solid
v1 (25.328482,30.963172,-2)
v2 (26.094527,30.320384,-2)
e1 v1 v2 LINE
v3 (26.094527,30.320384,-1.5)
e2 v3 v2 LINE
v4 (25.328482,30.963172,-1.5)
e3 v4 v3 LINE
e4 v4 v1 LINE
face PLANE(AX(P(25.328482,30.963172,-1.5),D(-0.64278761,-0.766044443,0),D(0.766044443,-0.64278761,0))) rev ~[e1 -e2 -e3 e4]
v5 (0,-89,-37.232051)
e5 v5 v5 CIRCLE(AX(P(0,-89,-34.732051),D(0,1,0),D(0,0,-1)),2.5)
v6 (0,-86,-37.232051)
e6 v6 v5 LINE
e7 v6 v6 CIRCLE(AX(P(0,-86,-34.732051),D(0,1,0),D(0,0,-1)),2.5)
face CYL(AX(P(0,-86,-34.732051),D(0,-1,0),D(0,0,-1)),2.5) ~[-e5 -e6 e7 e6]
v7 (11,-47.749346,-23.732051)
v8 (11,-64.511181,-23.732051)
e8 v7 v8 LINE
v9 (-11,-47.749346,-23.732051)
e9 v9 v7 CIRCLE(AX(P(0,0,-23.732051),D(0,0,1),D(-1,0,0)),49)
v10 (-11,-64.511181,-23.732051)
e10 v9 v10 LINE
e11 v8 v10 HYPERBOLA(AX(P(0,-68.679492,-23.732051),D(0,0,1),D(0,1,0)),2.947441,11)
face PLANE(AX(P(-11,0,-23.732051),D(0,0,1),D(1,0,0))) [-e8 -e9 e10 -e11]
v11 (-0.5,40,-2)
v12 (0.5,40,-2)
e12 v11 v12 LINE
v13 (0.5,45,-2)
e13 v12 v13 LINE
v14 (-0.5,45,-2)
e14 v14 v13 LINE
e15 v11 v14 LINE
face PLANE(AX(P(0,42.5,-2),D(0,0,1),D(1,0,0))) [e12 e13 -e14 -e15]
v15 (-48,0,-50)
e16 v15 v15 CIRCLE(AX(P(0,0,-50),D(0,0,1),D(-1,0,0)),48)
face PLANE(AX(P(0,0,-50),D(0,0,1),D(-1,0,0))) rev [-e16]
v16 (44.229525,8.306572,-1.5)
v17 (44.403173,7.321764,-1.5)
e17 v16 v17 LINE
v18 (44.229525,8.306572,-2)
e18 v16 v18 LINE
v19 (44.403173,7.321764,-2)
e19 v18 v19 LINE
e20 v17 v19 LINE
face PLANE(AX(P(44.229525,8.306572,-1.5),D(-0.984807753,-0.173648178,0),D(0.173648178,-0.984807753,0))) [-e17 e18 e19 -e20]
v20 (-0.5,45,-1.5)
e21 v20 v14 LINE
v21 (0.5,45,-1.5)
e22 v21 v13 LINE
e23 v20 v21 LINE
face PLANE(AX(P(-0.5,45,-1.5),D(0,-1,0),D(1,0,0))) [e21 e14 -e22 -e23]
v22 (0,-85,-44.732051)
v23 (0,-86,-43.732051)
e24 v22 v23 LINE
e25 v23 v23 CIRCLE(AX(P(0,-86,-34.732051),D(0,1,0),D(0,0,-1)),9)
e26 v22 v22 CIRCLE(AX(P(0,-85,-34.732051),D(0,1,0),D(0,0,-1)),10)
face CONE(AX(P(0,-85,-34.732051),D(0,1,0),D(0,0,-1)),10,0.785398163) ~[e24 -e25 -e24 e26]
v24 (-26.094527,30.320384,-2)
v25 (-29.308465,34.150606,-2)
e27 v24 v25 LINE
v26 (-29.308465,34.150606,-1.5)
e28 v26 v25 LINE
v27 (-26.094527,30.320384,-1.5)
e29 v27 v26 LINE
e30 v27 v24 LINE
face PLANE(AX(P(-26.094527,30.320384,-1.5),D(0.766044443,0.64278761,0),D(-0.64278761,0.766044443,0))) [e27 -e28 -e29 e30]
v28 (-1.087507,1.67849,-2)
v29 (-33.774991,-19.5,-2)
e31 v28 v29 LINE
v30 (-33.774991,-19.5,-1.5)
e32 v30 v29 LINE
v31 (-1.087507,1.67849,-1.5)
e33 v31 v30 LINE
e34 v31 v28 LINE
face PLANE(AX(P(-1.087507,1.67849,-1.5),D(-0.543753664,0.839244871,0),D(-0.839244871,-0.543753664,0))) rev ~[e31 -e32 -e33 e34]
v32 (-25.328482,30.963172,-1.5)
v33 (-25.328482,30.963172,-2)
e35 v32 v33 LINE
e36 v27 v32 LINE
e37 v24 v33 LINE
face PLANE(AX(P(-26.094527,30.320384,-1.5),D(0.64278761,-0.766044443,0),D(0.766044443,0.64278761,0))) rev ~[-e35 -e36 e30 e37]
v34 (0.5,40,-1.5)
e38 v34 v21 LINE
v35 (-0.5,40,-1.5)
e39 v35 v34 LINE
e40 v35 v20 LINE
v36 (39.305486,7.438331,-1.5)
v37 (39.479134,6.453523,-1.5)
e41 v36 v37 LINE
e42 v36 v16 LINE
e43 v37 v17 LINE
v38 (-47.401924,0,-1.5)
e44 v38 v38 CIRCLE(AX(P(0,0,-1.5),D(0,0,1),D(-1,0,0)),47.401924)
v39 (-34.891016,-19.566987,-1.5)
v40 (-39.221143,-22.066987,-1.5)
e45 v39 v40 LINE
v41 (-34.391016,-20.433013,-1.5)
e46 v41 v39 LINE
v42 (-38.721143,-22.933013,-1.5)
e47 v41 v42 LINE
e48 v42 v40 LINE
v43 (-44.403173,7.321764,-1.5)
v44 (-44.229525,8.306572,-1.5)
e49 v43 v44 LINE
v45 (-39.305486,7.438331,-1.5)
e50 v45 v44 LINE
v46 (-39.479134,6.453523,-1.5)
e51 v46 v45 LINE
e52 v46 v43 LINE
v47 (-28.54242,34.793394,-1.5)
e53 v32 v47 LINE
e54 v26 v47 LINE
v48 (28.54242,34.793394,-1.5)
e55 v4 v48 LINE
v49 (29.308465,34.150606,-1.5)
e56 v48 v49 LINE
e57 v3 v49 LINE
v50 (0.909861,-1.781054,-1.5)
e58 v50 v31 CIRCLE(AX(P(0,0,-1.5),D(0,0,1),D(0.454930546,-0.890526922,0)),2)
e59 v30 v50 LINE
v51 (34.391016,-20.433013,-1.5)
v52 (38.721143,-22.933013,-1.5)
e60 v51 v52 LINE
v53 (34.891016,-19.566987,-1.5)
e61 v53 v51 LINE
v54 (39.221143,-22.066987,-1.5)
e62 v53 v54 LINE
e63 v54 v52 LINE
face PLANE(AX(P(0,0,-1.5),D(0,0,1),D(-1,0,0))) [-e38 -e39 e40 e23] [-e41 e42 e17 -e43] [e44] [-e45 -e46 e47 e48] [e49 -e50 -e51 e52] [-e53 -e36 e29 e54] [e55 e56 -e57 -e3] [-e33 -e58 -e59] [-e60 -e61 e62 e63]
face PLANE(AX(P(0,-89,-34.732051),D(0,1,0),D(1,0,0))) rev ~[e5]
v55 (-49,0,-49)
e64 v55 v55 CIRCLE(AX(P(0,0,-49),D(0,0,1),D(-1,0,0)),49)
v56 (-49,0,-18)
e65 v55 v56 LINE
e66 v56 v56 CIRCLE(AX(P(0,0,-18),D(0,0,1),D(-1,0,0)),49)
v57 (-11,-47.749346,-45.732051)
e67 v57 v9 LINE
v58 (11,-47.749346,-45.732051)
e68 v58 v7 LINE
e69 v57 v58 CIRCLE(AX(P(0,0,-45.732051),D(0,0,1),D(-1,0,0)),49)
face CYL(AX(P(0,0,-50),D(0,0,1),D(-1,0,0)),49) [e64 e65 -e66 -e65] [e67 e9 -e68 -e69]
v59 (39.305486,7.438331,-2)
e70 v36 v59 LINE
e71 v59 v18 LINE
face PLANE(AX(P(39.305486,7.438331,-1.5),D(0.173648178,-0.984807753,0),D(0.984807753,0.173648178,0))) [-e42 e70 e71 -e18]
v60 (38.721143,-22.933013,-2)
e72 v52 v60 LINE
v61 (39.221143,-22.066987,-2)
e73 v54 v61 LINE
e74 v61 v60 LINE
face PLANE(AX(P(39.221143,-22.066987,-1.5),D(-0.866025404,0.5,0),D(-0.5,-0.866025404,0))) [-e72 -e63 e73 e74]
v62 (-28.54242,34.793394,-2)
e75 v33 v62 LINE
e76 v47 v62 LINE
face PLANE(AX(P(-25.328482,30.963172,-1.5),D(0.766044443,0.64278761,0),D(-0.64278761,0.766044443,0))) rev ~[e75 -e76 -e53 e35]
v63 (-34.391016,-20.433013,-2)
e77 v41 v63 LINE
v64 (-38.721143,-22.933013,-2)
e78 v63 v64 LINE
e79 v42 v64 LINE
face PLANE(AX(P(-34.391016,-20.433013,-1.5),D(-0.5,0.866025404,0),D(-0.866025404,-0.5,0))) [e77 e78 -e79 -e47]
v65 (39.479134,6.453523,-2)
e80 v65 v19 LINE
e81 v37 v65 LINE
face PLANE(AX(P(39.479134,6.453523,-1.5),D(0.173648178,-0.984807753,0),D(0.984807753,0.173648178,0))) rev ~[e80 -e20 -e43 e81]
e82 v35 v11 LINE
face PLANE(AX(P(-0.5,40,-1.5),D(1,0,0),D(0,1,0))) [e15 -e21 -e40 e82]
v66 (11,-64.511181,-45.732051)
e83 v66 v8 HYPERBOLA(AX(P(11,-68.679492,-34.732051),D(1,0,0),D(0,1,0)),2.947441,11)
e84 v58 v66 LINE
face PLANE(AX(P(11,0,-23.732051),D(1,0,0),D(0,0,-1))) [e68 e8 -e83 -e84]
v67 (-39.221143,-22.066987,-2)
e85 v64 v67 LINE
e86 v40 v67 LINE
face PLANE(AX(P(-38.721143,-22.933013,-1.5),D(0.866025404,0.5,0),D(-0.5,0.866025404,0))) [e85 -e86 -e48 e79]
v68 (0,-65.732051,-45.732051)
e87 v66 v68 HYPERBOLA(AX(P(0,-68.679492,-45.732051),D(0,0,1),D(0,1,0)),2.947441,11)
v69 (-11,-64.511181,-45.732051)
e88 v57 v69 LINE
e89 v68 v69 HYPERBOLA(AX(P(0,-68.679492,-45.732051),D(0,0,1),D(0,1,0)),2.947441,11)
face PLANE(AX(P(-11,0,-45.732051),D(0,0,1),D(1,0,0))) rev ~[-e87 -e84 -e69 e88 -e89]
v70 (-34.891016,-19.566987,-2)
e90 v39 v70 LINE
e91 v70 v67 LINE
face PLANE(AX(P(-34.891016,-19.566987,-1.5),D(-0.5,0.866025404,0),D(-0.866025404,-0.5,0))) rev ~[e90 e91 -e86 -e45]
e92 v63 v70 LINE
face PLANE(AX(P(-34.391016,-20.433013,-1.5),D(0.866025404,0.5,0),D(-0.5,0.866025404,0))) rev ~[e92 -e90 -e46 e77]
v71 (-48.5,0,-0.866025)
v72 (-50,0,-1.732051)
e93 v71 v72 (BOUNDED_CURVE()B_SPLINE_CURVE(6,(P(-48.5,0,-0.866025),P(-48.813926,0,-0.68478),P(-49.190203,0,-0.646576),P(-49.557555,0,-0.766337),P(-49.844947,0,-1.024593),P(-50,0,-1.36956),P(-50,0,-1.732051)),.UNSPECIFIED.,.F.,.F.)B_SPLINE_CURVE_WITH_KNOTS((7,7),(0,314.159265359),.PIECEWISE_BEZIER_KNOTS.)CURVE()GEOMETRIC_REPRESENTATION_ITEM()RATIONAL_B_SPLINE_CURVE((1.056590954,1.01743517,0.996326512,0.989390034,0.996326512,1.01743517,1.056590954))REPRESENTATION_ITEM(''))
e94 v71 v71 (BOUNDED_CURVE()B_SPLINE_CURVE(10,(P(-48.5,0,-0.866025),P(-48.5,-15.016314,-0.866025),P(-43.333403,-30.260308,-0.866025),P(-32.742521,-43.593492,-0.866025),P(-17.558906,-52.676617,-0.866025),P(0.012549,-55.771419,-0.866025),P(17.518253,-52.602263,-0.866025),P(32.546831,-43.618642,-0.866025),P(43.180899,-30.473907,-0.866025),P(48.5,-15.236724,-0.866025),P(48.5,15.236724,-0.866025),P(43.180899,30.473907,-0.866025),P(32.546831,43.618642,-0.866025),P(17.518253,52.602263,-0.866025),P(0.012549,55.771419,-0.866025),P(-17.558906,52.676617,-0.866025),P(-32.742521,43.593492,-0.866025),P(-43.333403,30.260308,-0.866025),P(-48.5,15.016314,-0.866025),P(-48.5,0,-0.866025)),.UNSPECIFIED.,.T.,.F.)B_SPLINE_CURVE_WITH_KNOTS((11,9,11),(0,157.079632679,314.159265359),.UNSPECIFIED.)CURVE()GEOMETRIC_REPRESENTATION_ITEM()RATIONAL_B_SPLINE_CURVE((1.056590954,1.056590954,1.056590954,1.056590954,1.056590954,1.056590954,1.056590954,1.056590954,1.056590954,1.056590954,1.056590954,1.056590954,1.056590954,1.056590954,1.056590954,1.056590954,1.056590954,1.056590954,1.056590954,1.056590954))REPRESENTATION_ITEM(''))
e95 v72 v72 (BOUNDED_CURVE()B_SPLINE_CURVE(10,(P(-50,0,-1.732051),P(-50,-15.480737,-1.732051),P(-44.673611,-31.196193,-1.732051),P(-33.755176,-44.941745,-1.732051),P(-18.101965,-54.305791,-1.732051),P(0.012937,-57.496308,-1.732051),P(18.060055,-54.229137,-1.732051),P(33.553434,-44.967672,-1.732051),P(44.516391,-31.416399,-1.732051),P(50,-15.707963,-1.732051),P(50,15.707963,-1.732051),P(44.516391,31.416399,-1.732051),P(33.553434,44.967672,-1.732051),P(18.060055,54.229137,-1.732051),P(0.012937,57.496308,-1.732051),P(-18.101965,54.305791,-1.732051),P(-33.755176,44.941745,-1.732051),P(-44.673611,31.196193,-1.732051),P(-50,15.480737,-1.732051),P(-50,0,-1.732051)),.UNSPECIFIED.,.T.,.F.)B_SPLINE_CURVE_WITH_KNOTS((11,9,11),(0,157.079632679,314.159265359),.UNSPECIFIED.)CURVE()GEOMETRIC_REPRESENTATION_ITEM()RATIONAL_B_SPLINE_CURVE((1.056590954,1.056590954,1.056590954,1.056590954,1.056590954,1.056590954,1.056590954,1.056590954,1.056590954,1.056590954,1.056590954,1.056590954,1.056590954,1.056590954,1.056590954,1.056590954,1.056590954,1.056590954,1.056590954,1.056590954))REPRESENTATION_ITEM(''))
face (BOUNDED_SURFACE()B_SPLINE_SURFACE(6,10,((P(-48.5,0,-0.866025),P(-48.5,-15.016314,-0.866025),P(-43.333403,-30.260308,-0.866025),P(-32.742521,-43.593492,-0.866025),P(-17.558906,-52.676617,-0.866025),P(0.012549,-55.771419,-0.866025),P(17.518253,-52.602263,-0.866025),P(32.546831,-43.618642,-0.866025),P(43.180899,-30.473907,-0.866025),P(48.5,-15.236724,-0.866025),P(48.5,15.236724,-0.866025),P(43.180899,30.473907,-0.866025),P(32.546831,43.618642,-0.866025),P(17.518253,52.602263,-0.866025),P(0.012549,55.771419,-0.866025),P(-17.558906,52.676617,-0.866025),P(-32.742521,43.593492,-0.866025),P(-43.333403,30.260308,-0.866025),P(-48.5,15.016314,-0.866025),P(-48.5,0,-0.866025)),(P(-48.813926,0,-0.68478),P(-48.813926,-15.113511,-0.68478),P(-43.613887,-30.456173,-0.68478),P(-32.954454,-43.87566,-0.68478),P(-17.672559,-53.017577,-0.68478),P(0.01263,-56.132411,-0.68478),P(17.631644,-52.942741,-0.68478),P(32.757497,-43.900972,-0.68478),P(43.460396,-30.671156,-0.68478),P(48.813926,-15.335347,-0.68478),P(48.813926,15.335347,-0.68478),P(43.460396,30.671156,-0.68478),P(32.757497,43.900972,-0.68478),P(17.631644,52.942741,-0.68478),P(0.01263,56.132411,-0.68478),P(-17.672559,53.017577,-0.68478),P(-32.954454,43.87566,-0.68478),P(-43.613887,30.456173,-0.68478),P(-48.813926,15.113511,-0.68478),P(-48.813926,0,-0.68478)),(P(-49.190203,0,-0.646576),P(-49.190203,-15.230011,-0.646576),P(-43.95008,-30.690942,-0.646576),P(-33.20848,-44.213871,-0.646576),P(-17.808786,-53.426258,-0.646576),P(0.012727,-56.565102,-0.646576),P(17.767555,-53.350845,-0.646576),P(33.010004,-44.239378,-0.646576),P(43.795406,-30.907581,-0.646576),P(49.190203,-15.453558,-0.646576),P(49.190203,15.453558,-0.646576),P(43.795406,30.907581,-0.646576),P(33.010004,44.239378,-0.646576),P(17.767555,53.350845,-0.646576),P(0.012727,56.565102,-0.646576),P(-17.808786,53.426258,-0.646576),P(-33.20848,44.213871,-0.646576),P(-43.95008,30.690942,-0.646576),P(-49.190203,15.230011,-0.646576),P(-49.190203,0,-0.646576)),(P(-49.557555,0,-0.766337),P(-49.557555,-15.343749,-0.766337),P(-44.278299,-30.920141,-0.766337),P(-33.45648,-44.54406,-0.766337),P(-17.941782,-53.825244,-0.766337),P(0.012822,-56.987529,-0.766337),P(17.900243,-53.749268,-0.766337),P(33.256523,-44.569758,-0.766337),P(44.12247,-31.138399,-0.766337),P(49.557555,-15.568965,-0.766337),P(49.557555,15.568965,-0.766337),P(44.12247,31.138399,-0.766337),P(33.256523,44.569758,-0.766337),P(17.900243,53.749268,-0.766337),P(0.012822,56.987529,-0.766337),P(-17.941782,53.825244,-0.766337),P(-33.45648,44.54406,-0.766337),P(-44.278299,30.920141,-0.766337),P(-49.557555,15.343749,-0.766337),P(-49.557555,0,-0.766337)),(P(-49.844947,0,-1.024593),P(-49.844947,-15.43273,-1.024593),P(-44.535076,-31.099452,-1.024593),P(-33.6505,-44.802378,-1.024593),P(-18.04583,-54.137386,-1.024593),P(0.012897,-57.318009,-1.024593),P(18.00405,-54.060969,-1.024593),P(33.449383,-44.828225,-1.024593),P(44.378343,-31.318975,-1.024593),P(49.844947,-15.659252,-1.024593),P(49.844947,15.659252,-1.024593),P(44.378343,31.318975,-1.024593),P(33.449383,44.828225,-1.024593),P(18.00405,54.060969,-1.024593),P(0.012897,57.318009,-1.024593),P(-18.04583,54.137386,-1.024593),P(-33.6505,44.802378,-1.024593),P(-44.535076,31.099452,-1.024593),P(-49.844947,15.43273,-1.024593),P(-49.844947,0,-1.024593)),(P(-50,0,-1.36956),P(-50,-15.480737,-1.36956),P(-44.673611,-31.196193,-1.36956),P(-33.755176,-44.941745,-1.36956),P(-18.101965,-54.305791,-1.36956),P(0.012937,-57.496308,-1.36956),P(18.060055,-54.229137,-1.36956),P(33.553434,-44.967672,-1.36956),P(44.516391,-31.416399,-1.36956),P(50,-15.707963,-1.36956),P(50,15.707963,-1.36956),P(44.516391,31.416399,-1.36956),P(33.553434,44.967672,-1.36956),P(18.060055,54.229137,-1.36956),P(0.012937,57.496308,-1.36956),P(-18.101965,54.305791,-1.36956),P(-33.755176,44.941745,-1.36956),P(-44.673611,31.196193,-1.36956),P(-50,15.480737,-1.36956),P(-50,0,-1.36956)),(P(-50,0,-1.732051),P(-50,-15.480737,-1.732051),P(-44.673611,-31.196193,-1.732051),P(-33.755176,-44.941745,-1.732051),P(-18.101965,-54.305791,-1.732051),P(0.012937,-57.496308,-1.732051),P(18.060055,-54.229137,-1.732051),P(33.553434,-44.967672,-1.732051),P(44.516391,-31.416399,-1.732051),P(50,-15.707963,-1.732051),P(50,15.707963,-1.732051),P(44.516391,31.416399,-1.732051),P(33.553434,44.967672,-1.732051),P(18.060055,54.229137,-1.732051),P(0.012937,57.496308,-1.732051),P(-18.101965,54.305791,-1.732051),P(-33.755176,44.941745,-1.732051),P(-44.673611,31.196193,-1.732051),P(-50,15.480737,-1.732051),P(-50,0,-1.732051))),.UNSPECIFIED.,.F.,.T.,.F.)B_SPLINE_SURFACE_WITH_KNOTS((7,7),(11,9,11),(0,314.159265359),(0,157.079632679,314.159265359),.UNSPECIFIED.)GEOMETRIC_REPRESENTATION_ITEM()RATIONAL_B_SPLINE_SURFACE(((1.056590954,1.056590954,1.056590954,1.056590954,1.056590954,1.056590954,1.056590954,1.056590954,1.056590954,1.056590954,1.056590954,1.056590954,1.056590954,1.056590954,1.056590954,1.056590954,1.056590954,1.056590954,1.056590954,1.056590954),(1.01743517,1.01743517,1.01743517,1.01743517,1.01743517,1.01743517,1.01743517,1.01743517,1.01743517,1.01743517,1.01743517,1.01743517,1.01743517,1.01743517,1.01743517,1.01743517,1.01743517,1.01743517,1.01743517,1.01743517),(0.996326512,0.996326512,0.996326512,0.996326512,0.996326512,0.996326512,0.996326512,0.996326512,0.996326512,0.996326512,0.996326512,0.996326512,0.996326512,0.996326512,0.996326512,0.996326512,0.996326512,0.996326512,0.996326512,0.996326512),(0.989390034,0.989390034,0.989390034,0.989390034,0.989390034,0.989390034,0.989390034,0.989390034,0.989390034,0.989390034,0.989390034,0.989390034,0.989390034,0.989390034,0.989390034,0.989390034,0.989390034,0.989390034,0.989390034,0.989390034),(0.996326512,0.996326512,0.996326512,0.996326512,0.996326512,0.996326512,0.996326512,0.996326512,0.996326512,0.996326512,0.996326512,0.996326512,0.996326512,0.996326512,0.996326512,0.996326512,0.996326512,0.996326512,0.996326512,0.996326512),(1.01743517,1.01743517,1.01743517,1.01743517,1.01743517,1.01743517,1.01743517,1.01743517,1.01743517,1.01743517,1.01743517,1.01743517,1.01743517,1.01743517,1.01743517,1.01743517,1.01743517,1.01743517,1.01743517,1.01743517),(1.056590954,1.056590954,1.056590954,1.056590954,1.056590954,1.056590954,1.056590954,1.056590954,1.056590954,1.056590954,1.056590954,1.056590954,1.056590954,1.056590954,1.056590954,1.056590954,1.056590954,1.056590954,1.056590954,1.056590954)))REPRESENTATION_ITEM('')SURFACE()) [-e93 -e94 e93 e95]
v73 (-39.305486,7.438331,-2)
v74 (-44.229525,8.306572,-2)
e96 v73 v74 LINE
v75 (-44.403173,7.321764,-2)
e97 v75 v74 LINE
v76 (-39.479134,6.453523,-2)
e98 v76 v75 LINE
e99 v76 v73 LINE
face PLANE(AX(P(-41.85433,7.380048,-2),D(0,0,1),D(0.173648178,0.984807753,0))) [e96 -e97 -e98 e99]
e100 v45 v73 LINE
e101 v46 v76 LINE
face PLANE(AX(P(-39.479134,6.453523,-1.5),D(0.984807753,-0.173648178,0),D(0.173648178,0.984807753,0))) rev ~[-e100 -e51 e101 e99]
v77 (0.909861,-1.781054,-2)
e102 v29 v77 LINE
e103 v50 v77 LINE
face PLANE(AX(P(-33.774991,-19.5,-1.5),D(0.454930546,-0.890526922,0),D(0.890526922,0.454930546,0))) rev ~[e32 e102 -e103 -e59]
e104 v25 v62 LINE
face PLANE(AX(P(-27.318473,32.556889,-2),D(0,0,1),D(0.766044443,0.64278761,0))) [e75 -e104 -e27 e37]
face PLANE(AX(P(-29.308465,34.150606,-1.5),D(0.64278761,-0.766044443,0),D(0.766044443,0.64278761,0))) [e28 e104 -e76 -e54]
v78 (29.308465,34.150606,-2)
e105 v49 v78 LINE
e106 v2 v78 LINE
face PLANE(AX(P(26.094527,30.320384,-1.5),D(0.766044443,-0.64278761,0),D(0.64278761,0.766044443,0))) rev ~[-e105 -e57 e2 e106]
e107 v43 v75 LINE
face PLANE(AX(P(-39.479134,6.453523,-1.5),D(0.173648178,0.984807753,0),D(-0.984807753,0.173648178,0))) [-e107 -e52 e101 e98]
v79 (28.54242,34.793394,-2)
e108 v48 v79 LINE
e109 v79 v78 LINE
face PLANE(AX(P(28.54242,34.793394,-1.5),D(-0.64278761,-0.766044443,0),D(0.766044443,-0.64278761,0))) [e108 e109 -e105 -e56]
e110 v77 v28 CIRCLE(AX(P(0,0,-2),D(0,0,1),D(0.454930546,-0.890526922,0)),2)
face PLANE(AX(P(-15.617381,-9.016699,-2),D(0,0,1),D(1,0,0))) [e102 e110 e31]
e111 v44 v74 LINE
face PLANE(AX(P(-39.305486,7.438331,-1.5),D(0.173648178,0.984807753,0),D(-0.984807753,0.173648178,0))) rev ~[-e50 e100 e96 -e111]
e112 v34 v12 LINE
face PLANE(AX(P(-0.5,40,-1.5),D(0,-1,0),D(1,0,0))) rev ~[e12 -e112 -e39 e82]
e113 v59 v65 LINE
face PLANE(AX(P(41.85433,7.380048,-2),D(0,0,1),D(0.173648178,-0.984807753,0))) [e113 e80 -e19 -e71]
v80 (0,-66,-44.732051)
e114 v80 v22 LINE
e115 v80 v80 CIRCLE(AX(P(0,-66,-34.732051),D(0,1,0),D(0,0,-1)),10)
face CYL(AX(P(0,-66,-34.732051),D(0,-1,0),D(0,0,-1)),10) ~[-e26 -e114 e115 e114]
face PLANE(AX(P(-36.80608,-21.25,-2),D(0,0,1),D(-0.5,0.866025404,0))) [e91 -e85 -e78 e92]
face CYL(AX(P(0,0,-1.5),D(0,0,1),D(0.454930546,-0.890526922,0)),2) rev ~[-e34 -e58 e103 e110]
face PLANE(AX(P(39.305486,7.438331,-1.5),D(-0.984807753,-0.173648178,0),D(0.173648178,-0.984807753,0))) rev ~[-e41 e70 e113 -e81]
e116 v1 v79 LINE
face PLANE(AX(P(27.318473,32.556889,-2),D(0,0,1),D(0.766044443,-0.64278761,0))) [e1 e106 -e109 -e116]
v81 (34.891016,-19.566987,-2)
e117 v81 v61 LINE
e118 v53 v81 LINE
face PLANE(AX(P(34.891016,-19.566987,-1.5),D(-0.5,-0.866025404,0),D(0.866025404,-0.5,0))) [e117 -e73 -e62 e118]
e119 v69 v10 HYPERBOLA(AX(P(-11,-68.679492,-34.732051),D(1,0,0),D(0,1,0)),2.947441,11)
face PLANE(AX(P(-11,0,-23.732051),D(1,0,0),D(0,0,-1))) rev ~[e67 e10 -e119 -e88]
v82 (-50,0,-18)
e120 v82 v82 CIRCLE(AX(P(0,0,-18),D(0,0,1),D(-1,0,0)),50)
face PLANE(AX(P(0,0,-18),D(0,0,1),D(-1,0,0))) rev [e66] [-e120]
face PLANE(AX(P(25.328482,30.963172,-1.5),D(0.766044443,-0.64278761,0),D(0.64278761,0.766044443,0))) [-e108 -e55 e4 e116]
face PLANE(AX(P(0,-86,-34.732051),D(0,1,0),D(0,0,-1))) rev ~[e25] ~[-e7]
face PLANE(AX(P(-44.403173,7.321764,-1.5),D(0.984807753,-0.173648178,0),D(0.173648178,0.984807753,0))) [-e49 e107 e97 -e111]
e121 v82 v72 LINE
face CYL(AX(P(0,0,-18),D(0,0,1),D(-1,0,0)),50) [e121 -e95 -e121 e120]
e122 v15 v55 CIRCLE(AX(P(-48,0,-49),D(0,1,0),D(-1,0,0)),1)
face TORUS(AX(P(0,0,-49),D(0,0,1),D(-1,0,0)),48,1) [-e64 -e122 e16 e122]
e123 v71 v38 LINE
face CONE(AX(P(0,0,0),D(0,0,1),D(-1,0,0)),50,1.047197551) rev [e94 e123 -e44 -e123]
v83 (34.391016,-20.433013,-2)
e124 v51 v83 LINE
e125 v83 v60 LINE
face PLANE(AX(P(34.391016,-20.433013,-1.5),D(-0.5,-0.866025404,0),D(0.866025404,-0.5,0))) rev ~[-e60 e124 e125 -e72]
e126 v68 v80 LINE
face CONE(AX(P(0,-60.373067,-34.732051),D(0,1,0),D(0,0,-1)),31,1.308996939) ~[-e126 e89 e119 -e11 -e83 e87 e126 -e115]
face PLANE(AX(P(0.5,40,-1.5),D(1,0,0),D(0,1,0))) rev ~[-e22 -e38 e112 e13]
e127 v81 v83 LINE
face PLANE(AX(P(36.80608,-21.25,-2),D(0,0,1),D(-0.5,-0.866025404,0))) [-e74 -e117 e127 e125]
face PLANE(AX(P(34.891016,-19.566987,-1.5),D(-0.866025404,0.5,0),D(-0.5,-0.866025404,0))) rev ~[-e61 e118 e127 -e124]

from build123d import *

# Parameters (mm, degrees)
ZAOBLIT1_R               = 1
SKICA2_W                 = 1
SKICA2_H                 = 5
ODEBRAT_VYSUNUT_M1_DEPTH = 0.5
KRUHOV_POLE1_COUNT       = 9
ODEBRAT_VYSUNUT_M2_DEPTH = 0.5
SKICA4_W                 = 22
SKICA4_H                 = 22
P_IDAT_VYSUNUT_M1_DEPTH  = 89
ZKOSEN_1_SIZE            = 1


with BuildPart() as part:
    # Skica1 → Rotovat1 (revolve)
    with BuildSketch(Plane(origin=(0, 0, 0), x_dir=(0, 0, -1), z_dir=(1, 0, 0)), mode=Mode.PRIVATE) as rotovat1_sk:
        Polygon((0, 50), (1.5, 47.401923789), (1.5, 0), (50, 0), (50, 49), (18, 49), (18, 50), align=None)
    revolve(rotovat1_sk.sketch.rotate(Axis((0, 0, 0), (0, 0, 1)), 90), axis=Axis((0, 0, 0), (0, 0, 1)))  # turned: the seam where the file's is

    # Zaoblit1
    zaoblit1_edges = [part.edges().sort_by_distance(p)[0] for p in [
        (50, 0, 0),
        (49, 0, -50),
    ]]
    fillet(zaoblit1_edges, radius=ZAOBLIT1_R)

    # Skica2 → Odebrat vysunutím1 (cut)
    with BuildSketch(Plane.XY.offset(-1.5)):
        with Locations((0, 42.5)):
            Rectangle(SKICA2_W, SKICA2_H)
    odebrat_vysunut_m1 = extrude(amount=-ODEBRAT_VYSUNUT_M1_DEPTH, mode=Mode.SUBTRACT)

    # Kruhové pole1: Odebrat vysunutím1 ×9 about axis, 2 skipped
    kruhov_pole1_axis = Axis((0, 0, 0), (0, 0, -1))
    add([odebrat_vysunut_m1.rotate(kruhov_pole1_axis, i * 360 / KRUHOV_POLE1_COUNT) for i in range(1, KRUHOV_POLE1_COUNT) if i not in (4, 5)], mode=Mode.SUBTRACT)

    # Skica3 → Odebrat vysunutím2 (cut)
    with BuildSketch(Plane.XY.offset(-1.5)):
        with BuildLine():
            Line((-1.087507328, 1.678489741), (-33.774990748, -19.5))
            Line((-33.774990748, -19.5), (0.909861092, -1.781053844))
            ThreePointArc((0.909861092, -1.781053844), (1.732050808, 1), (-1.087507328, 1.678489741))
        make_face()
    extrude(amount=-ODEBRAT_VYSUNUT_M2_DEPTH, mode=Mode.SUBTRACT)

    # Skica4 → Přidat vysunutím1 (add)
    with BuildSketch(Plane(origin=(0, 0, 0), x_dir=(1, 0, 0), z_dir=(0, 1, 0))):
        with Locations((0, 34.732050808)):
            Rectangle(SKICA4_W, SKICA4_H)
    extrude(amount=-P_IDAT_VYSUNUT_M1_DEPTH)

    # Skica5 → Odebrat rotací1 (revolve, cut)
    with BuildSketch(Plane(origin=(0, 0, 0), x_dir=(0, 0, -1), z_dir=(1, 0, 0)), mode=Mode.PRIVATE) as odebrat_rotac_1_sk:
        Polygon((3.732050808, -60.373066959), (24.732050808, -66), (24.732050808, -86), (32.232050808, -86), (32.232050808, -89), (3.732050808, -89), align=None)
    revolve(odebrat_rotac_1_sk.sketch.rotate(Axis((0, -89, -34.732050808), (0, 1, 0)), 180), axis=Axis((0, -89, -34.732050808), (0, 1, 0)), mode=Mode.SUBTRACT)  # turned: the seam where the file's is

    # Zkosení1
    zkosen_1_edges = [part.edges().sort_by_distance(p)[0] for p in [
        (0, -86, -24.732050808),
    ]]
    chamfer(zkosen_1_edges, length=ZKOSEN_1_SIZE)


solid = part.part
